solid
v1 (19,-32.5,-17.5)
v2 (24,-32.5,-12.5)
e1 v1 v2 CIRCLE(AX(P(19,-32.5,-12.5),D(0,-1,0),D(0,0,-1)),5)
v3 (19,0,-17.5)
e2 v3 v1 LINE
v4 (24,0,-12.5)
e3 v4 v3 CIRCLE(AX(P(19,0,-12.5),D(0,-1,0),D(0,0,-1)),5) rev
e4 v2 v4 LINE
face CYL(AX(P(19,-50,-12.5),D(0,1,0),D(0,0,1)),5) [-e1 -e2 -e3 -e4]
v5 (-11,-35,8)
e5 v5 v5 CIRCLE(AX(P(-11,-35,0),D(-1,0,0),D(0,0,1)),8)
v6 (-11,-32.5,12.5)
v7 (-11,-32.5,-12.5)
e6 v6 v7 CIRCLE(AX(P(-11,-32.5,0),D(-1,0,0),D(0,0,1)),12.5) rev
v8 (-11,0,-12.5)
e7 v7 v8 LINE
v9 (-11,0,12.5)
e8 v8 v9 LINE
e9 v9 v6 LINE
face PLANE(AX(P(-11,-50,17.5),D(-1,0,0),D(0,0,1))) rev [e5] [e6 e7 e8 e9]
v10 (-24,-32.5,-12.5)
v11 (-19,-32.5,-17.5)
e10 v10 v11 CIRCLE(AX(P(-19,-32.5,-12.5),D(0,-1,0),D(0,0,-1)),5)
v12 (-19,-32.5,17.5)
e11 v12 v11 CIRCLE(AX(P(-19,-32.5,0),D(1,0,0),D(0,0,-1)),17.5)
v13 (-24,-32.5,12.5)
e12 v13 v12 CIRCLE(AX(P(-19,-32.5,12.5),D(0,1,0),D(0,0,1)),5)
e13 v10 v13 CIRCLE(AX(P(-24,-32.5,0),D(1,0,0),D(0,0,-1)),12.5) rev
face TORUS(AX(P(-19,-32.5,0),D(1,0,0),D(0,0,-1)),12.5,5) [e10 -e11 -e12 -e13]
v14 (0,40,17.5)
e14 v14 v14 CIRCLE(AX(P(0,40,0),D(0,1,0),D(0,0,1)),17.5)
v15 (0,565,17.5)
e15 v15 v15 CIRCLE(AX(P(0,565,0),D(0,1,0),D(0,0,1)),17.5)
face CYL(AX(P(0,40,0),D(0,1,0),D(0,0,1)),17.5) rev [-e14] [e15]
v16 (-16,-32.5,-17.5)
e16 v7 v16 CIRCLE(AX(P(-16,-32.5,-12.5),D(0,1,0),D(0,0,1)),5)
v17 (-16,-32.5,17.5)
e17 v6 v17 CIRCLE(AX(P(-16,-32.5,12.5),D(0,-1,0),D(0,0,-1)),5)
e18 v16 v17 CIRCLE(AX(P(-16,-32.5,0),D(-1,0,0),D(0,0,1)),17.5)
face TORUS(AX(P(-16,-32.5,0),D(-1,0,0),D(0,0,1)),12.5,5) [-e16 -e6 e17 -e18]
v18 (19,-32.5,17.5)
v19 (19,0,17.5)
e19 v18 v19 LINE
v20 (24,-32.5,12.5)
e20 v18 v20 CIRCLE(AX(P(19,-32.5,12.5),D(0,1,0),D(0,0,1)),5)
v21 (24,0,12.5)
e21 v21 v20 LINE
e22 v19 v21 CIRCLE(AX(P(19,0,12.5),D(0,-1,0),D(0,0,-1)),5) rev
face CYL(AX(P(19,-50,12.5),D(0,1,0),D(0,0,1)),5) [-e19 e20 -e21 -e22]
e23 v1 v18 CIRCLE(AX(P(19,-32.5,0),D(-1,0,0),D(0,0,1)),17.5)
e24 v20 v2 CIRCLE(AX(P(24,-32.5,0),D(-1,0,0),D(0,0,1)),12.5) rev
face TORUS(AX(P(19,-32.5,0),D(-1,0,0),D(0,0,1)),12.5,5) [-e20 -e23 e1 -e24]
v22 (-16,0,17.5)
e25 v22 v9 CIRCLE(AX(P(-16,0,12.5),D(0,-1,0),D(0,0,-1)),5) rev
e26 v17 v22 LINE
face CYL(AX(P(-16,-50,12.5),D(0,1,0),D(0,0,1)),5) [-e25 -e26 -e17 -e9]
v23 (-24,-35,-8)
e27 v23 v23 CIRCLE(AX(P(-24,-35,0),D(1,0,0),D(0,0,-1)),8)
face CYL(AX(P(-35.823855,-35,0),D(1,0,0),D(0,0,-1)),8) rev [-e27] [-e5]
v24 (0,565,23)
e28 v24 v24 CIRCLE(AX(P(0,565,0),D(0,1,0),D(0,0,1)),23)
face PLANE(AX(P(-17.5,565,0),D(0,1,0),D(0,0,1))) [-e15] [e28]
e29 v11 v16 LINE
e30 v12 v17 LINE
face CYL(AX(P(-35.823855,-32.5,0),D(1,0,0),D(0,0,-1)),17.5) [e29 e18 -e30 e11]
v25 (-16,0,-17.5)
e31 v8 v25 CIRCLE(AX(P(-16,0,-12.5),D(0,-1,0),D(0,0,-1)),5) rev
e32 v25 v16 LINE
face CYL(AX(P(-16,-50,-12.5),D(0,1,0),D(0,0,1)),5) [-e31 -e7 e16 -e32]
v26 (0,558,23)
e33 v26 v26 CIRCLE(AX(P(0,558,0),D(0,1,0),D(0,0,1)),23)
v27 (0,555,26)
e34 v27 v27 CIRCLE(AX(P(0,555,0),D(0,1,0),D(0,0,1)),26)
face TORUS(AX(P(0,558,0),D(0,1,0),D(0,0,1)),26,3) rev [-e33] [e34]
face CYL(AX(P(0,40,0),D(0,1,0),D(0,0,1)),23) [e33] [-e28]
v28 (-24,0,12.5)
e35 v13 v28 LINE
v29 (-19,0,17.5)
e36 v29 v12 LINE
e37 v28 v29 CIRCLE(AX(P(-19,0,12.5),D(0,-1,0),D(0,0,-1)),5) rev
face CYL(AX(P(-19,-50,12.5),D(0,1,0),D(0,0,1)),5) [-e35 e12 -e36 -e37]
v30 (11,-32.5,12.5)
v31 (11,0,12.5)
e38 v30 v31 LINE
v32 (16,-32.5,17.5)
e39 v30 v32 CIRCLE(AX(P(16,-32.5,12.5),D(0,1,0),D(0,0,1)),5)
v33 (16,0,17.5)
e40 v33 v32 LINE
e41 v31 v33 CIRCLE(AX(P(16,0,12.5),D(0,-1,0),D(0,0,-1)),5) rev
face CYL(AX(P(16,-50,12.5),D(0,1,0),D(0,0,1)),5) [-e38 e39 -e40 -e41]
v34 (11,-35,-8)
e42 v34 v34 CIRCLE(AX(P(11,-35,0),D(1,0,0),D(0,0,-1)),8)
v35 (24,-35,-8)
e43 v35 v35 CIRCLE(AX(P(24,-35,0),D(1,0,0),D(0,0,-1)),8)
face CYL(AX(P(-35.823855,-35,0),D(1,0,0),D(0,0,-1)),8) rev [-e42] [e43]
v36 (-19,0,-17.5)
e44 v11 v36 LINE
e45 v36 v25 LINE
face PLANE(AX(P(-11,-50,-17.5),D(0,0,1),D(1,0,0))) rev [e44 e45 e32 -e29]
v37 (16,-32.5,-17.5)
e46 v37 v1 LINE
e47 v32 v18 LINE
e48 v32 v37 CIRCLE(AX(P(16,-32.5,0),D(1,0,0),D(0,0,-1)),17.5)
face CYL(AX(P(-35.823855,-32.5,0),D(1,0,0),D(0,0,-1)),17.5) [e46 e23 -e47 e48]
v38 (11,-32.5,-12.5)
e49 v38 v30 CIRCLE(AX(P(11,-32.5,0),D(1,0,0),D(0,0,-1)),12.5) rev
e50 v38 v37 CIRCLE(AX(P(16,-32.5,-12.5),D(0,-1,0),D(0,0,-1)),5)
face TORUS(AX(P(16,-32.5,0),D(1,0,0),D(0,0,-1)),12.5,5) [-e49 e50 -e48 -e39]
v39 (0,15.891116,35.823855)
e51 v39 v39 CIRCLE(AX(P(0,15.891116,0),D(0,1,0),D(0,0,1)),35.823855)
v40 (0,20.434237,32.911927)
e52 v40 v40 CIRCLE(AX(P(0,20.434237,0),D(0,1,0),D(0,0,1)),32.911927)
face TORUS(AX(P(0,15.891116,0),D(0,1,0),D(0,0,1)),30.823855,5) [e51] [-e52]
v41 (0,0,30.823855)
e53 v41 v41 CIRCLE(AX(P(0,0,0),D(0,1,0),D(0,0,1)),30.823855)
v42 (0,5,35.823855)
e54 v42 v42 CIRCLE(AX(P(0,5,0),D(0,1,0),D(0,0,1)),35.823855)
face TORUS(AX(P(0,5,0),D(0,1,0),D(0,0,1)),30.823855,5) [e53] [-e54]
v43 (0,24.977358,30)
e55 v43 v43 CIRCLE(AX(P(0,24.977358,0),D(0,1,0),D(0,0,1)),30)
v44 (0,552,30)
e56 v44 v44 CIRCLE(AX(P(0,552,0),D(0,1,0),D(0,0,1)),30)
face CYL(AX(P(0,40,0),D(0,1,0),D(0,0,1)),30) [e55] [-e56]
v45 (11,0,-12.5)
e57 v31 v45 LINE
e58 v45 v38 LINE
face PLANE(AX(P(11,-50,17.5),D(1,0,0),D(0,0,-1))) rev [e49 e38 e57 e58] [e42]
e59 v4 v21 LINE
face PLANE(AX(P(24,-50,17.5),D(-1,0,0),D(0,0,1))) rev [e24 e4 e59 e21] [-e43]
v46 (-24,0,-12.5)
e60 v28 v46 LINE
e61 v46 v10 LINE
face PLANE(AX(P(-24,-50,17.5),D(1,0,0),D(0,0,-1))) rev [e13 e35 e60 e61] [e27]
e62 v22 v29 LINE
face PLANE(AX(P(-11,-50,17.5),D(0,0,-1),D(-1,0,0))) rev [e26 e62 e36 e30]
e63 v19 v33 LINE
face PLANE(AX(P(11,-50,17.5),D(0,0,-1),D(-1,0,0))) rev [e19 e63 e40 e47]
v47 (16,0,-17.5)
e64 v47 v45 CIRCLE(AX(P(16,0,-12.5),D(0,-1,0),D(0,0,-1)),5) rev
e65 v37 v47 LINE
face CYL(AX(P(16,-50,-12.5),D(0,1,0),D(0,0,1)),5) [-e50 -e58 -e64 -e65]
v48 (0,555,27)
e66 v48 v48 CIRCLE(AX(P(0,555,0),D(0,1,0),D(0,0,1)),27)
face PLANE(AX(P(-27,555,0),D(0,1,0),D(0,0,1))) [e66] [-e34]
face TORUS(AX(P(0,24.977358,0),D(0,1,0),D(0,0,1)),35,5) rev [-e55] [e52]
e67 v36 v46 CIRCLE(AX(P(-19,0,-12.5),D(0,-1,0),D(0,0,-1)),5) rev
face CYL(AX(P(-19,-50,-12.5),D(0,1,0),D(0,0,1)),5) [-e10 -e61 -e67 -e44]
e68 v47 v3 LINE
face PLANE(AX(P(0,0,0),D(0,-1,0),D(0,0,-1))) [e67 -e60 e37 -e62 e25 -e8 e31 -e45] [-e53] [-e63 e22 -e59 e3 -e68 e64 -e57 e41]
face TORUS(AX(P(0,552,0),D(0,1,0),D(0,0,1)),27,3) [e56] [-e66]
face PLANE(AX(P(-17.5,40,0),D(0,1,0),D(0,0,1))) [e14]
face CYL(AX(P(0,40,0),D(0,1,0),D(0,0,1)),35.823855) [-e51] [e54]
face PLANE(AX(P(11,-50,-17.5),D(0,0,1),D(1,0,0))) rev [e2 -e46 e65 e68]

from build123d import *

# Parameters (mm, degrees)
SKETCH2_W           = 13
SKETCH2_H           = 35
BOSS_EXTRUDE1_DEPTH = 50
SKETCH3_R           = 8
CUT_EXTRUDE1_DEPTH  = 60.823854569
FILLET1_R           = 5


with BuildPart() as part:
    # Sketch1 → Revolve1 (revolve)
    with BuildSketch(Plane.XY):
        with BuildLine():
            Line((-30, 552), (-30, 24.977358367))
            ThreePointArc((-30, 24.977358367), (-30.790465371, 22.279244542), (-32.911927285, 20.434236936))
            ThreePointArc((-32.911927285, 20.434236936), (-35.033389198, 18.58922933), (-35.823854569, 15.891115505))
            Line((-35.823854569, 15.891115505), (-35.823854569, 5))
            ThreePointArc((-35.823854569, 5), (-34.359388475, 1.464466094), (-30.823854569, 0))
            Line((-30.823854569, 0), (0, 0))
            Line((0, 0), (0, 40))
            Line((0, 40), (-17.5, 40))
            Line((-17.5, 40), (-17.5, 565))
            Line((-17.5, 565), (-23, 565))
            Line((-23, 565), (-23, 558))
            ThreePointArc((-23, 558), (-23.878679656, 555.878679656), (-26, 555))
            Line((-26, 555), (-27, 555))
            ThreePointArc((-27, 555), (-29.121320344, 554.121320344), (-30, 552))
        make_face()
    revolve(axis=Axis((0, 40, 0), (0, -1, 0)))

    # Sketch2 → Boss-Extrude1 (add)
    with BuildSketch(Plane.XZ):
        with Locations((17.5, 0)):
            Rectangle(SKETCH2_W, SKETCH2_H)
        with Locations((-17.5, 0)):
            Rectangle(SKETCH2_W, SKETCH2_H)
    extrude(amount=BOSS_EXTRUDE1_DEPTH)

    # Sketch3 → Cut-Extrude1 (cut, through all)
    with BuildSketch(Plane(origin=(24, 0, 0), x_dir=(0, 0, -1), z_dir=(1, 0, 0))):
        with BuildLine():
            ThreePointArc((0, -50), (-12.374368671, -44.874368671), (-17.5, -32.5))
            Line((-17.5, -32.5), (-17.5, -50))
            Line((-17.5, -50), (0, -50))
        make_face()
        with BuildLine():
            ThreePointArc((17.5, -32.5), (12.374368671, -44.874368671), (0, -50))
            Line((0, -50), (17.5, -50))
            Line((17.5, -50), (17.5, -32.5))
        make_face()
        with Locations((0, -35)):
            Circle(SKETCH3_R)
    extrude(amount=-CUT_EXTRUDE1_DEPTH, mode=Mode.SUBTRACT)

    # Fillet1
    fillet1_edges = [part.edges().sort_by_distance(p)[0] for p in [
        (-11, -16.25, -17.5),
        (-24, -16.25, -17.5),
        (24, -16.25, -17.5),
        (11, -16.25, -17.5),
        (24, -50, 0),
        (11, -50, 0),
        (-11, -50, 0),
        (-24, -50, 0),
        (-24, -16.25, 17.5),
        (-11, -16.25, 17.5),
        (11, -16.25, 17.5),
        (24, -16.25, 17.5),
    ]]
    fillet(fillet1_edges, radius=FILLET1_R)


solid = part.part
